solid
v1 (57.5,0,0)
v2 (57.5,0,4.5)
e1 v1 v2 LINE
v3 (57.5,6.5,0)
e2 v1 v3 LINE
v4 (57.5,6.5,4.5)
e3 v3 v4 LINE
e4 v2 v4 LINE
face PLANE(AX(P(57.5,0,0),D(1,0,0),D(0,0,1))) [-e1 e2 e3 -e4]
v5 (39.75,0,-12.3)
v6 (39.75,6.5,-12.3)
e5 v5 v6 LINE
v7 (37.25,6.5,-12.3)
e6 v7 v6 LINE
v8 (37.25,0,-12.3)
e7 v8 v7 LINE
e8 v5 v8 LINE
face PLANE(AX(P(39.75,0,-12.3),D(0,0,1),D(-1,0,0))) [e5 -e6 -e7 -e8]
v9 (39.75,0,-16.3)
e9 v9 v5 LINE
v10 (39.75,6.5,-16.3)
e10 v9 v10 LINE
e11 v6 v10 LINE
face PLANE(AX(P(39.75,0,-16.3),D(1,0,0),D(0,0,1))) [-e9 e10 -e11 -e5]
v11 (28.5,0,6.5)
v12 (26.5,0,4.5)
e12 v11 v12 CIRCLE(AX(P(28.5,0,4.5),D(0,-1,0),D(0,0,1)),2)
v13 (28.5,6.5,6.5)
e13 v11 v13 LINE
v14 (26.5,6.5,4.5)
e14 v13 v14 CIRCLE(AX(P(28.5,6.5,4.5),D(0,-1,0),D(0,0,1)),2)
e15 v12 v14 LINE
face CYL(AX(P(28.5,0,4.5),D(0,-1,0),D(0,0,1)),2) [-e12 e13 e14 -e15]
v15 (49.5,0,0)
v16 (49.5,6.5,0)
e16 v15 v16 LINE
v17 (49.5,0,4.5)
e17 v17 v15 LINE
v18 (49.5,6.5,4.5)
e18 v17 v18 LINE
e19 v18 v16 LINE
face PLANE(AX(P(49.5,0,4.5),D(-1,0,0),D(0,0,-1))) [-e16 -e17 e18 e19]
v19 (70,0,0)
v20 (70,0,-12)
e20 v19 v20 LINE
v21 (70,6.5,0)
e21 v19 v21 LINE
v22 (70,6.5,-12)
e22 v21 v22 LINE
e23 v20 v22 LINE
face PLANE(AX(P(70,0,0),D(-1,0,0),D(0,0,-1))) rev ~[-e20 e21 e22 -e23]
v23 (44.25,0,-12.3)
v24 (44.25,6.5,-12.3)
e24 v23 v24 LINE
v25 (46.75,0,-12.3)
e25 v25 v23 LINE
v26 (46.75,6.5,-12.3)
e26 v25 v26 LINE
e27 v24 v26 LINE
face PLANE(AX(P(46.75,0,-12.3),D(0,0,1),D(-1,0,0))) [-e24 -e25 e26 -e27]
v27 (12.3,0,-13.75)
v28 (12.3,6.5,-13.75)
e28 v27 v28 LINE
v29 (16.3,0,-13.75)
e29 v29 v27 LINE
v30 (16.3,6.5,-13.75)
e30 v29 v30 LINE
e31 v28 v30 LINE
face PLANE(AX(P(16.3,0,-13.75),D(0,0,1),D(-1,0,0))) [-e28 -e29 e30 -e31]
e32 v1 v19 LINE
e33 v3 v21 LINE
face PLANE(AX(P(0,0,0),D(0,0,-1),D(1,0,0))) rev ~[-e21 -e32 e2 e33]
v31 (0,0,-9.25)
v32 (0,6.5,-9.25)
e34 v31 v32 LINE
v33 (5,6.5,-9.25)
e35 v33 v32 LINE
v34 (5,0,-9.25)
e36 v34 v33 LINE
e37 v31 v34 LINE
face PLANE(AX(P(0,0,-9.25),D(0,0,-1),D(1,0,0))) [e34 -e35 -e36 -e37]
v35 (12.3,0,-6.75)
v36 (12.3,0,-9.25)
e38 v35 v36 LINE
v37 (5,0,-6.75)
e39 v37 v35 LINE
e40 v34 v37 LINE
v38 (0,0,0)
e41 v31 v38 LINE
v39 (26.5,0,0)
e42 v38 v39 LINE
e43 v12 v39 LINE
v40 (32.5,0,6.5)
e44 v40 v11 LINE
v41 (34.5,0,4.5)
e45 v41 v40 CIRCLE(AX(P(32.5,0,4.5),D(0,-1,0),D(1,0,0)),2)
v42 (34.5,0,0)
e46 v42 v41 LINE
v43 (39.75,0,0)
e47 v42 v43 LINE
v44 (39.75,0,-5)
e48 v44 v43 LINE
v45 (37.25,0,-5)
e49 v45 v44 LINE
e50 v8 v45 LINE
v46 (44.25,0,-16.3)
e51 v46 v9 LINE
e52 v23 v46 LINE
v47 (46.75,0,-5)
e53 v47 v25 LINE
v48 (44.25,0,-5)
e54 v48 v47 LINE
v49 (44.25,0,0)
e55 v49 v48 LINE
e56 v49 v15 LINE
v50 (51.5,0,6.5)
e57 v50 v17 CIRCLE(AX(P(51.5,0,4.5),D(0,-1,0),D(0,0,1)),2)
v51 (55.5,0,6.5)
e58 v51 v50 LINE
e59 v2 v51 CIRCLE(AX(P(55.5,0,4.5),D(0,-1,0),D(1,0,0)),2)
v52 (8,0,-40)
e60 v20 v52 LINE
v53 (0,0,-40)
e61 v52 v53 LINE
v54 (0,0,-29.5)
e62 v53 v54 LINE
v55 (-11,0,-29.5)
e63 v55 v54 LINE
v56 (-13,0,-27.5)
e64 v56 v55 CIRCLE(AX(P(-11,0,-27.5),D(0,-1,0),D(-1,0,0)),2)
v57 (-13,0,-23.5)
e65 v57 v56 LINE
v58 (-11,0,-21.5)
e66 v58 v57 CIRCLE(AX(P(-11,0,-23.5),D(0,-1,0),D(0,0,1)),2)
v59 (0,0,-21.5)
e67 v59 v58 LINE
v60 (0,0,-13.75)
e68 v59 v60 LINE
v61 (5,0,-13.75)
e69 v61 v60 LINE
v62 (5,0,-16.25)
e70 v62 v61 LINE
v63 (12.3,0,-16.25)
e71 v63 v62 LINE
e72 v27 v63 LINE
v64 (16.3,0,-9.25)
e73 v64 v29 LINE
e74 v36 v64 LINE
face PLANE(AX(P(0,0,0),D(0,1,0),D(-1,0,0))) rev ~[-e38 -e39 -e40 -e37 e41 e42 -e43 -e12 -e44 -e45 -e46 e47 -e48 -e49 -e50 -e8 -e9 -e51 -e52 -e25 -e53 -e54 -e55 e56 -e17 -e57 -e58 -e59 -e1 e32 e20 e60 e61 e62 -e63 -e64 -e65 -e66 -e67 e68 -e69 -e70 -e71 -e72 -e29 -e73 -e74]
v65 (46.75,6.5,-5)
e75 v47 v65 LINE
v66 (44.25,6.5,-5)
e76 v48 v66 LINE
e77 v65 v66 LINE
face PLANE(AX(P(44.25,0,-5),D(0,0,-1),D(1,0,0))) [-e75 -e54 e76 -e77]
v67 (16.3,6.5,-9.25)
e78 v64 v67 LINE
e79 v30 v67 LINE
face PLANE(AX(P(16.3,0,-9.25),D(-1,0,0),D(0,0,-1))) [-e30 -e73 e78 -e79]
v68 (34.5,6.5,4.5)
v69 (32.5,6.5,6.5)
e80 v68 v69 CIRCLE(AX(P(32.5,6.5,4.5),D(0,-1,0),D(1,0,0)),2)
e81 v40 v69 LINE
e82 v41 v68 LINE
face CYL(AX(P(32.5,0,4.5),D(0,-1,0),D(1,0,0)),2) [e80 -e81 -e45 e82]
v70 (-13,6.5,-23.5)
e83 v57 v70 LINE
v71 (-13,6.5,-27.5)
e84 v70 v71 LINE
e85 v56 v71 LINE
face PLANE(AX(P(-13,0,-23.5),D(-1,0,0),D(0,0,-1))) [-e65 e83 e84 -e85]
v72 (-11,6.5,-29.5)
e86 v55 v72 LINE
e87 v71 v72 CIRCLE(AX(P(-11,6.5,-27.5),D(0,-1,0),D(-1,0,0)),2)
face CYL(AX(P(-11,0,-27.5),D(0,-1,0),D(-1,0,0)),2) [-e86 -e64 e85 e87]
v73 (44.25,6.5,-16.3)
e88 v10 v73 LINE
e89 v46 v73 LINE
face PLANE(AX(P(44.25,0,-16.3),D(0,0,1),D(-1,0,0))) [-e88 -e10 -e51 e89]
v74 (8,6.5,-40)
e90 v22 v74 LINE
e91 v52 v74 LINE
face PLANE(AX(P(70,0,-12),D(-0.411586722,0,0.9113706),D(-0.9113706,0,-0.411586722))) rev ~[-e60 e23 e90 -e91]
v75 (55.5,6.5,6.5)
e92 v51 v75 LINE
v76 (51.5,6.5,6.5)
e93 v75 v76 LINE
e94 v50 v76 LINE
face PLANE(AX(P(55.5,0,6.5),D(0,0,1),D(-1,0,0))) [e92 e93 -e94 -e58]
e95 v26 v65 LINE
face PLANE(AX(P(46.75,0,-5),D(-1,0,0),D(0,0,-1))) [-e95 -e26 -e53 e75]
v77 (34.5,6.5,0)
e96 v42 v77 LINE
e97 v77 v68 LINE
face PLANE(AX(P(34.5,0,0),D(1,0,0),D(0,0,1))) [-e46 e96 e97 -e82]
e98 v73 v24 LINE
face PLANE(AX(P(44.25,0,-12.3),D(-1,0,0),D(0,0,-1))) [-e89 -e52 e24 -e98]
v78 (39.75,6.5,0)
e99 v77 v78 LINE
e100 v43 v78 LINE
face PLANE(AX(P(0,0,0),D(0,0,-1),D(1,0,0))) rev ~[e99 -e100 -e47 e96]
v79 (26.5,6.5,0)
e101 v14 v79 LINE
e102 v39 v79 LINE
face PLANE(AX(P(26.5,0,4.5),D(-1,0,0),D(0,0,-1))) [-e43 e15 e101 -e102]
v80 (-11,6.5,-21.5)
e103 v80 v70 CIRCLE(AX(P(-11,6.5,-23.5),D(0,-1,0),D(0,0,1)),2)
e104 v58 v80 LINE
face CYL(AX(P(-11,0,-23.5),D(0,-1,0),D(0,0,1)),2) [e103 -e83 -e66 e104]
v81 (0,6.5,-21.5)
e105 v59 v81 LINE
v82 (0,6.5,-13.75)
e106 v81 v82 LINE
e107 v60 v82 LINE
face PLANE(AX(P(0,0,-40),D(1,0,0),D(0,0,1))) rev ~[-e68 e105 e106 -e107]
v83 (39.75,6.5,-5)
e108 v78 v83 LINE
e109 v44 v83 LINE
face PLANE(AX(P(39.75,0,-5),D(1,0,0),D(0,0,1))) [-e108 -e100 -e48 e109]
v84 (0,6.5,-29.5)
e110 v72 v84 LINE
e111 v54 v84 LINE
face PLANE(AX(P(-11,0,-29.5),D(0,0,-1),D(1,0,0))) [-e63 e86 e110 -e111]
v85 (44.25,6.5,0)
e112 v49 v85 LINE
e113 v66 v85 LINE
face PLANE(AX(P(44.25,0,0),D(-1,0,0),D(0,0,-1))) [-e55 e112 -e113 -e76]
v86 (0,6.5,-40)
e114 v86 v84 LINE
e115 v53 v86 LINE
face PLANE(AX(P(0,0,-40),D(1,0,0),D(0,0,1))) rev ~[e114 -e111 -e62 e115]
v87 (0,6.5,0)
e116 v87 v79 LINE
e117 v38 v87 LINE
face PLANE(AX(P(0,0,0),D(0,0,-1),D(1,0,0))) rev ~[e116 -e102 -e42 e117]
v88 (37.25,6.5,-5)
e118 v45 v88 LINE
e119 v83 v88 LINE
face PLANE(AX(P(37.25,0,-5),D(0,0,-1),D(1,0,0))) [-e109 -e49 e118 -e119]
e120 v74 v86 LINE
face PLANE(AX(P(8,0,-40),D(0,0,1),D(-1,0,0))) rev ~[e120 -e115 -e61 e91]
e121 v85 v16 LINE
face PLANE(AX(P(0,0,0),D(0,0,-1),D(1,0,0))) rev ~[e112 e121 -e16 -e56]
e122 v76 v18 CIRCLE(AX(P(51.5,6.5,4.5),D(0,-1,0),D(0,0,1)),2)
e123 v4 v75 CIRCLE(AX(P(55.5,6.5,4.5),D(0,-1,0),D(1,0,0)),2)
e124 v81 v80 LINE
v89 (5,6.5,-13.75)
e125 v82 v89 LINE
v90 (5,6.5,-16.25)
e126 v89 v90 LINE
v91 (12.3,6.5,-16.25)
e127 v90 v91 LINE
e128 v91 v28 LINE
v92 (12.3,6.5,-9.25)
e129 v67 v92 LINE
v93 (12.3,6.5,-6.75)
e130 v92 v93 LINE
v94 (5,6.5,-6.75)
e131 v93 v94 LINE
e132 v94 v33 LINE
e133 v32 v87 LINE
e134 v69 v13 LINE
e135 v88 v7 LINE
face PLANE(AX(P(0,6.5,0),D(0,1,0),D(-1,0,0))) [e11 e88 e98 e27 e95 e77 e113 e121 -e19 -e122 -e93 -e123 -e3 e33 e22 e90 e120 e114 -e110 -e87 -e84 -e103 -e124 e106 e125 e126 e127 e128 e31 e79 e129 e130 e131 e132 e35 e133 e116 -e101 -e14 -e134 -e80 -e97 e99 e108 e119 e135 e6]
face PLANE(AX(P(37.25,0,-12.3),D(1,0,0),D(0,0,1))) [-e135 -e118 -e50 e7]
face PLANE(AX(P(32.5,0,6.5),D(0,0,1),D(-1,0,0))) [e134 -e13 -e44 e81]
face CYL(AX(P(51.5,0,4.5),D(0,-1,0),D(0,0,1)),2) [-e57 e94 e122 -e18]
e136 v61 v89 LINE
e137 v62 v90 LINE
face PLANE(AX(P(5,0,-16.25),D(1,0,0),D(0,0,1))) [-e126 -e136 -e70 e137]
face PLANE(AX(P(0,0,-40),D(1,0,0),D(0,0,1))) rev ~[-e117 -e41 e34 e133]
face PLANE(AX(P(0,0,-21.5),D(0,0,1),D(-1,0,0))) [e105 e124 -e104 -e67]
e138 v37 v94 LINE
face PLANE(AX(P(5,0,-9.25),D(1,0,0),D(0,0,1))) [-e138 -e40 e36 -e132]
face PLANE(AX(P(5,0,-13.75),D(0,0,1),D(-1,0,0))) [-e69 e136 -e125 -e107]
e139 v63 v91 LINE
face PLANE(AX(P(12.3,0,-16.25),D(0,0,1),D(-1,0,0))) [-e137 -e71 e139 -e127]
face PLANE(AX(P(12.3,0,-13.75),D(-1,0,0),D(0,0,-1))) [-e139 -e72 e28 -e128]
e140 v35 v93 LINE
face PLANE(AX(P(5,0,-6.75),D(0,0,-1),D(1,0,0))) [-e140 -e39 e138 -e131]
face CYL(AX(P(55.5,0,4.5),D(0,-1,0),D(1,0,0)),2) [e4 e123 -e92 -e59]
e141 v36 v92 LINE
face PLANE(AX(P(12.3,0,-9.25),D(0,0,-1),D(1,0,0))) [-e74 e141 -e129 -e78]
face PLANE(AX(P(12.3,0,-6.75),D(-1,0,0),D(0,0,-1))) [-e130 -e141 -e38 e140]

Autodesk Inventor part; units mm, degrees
ref_plane "YZ Plane" through (0, 0, 0) normal (1, 0, 0) x (0, 1, 0)
ref_plane "XZ Plane" through (0, 0, 0) normal (0, 1, 0) x (-1, 0, 0)
ref_plane "XY Plane" through (0, 0, 0) normal (0, 0, 1) x (1, 0, 0)
sketch "Sketch1" plane through (0, 0, 0) normal (0, 1, 0) x (-1, 0, 0)
  line L0 (0, -40) -> (0, 0)
  line L1 (0, 0) -> (-70, 0)
  line L2 (-70, 0) -> (-70, -12)
  line L3 (-70, -12) -> (-8, -40)
  line L4 (-8, -40) -> (0, -40)
  dimension "d0" = 8
  dimension "d1" = 12
  dimension "d2" = 70
  dimension "d3" = 40
extrude "Extrusion1" add sketch "Sketch1" along normal blind 6.5
sketch "Sketch2" plane through (0, 0, 0) normal (0, -1, 0) x (1, 0, 0)
  line L0 (0, 0) -> (0, -40) projected
  line L1 (70, 0) -> (0, 0) projected
  line L2 (39.75, 0) -> (44.25, 0)
  line L3 (44.25, -16.3) -> (39.75, -16.3)
  line L4 (46.75, -5) -> (46.75, -12.3)
  line L5 (37.25, -12.3) -> (37.25, -5)
  line L6 (37.25, -5) -> (39.75, -5)
  line L7 (44.25, -5) -> (46.75, -5)
  line L8 (46.75, -12.3) -> (44.25, -12.3)
  line L9 (39.75, -12.3) -> (37.25, -12.3)
  line L10 (39.75, -16.3) -> (39.75, -12.3)
  line L11 (39.75, -5) -> (39.75, 0)
  line L12 (44.25, 0) -> (44.25, -5)
  line L13 (44.25, -12.3) -> (44.25, -16.3)
  line L14 (0, -13.75) -> (0, -9.25)
  line L15 (16.3, -9.25) -> (16.3, -13.75)
  line L16 (5, -6.75) -> (12.3, -6.75)
  line L17 (12.3, -16.25) -> (5, -16.25)
  line L18 (5, -16.25) -> (5, -13.75)
  line L19 (5, -9.25) -> (5, -6.75)
  line L20 (12.3, -6.75) -> (12.3, -9.25)
  line L21 (12.3, -13.75) -> (12.3, -16.25)
  line L22 (16.3, -13.75) -> (12.3, -13.75)
  line L23 (5, -13.75) -> (0, -13.75)
  line L24 (0, -9.25) -> (5, -9.25)
  line L25 (12.3, -9.25) -> (16.3, -9.25)
  point P0 (42, -16.3)
  point P1 (16.3, -11.5)
  dimension "d6" = 4.5
  dimension "d7" = 4
  dimension "d8" = 5
  dimension "d9" = 7.3
  dimension "d10" = 2.5
  dimension "d11" = 4.5
  dimension "d12" = 4
  dimension "d13" = 5
  dimension "d14" = 7.3
  dimension "d15" = 2.5
  dimension "d16" = 42
  dimension "d17" = 11.5
extrude "Extrusion2" cut sketch "Sketch2" against normal through all
sketch "Sketch3" plane through (0, 0, 0) normal (0, -1, 0) x (1, 0, 0)
  line L0 (39.75, 0) -> (0, 0) projected
  line L1 (16.3, -9.25) -> (16.3, -13.75) projected
  line L2 (0, -13.75) -> (0, -40) projected
  line L3 (70, 0) -> (44.25, 0) projected
  line L4 (44.25, -16.3) -> (39.75, -16.3) projected
  line L5 (26.5, 0) -> (34.5, 0)
  line L6 (34.5, 0) -> (34.5, 4.5)
  line L7 (32.5, 6.5) -> (28.5, 6.5)
  line L8 (26.5, 4.5) -> (26.5, 0)
  line L9 (49.5, 0) -> (57.5, 0)
  line L10 (57.5, 0) -> (57.5, 4.5)
  line L11 (55.5, 6.5) -> (51.5, 6.5)
  line L12 (49.5, 4.5) -> (49.5, 0)
  line L13 (0, -21.5) -> (-11, -21.5)
  line L14 (-13, -23.5) -> (-13, -27.5)
  line L15 (-11, -29.5) -> (0, -29.5)
  line L16 (0, -29.5) -> (0, -21.5)
  arc A0 (28.5, 6.5) -> (26.5, 4.5) centre (28.5, 4.5) ccw
  arc A1 (34.5, 4.5) -> (32.5, 6.5) centre (32.5, 4.5) ccw
  arc A2 (51.5, 6.5) -> (49.5, 4.5) centre (51.5, 4.5) ccw
  arc A3 (57.5, 4.5) -> (55.5, 6.5) centre (55.5, 4.5) ccw
  arc A4 (-11, -21.5) -> (-13, -23.5) centre (-11, -23.5) ccw
  arc A5 (-13, -27.5) -> (-11, -29.5) centre (-11, -27.5) ccw
  point P0 (16.3, -11.5)
  point P1 (42, -16.3)
  dimension "d20" = 2
  dimension "d21" = 8
  dimension "d22" = 8
  dimension "d23" = 8
  dimension "d24" = 6.5
  dimension "d25" = 15
  dimension "d26" = 13
  dimension "d27" = 7.5
  dimension "d28" = 10
extrude "Extrusion3" add sketch "Sketch3" against normal blind 6.5
equation "\"d22\" = d21"
equation "\"d23\" = d22"
equation "\"d27\" = 0.5 * d25"
properties part number "z_axis_top_brace" material "Plywood, Finish"
